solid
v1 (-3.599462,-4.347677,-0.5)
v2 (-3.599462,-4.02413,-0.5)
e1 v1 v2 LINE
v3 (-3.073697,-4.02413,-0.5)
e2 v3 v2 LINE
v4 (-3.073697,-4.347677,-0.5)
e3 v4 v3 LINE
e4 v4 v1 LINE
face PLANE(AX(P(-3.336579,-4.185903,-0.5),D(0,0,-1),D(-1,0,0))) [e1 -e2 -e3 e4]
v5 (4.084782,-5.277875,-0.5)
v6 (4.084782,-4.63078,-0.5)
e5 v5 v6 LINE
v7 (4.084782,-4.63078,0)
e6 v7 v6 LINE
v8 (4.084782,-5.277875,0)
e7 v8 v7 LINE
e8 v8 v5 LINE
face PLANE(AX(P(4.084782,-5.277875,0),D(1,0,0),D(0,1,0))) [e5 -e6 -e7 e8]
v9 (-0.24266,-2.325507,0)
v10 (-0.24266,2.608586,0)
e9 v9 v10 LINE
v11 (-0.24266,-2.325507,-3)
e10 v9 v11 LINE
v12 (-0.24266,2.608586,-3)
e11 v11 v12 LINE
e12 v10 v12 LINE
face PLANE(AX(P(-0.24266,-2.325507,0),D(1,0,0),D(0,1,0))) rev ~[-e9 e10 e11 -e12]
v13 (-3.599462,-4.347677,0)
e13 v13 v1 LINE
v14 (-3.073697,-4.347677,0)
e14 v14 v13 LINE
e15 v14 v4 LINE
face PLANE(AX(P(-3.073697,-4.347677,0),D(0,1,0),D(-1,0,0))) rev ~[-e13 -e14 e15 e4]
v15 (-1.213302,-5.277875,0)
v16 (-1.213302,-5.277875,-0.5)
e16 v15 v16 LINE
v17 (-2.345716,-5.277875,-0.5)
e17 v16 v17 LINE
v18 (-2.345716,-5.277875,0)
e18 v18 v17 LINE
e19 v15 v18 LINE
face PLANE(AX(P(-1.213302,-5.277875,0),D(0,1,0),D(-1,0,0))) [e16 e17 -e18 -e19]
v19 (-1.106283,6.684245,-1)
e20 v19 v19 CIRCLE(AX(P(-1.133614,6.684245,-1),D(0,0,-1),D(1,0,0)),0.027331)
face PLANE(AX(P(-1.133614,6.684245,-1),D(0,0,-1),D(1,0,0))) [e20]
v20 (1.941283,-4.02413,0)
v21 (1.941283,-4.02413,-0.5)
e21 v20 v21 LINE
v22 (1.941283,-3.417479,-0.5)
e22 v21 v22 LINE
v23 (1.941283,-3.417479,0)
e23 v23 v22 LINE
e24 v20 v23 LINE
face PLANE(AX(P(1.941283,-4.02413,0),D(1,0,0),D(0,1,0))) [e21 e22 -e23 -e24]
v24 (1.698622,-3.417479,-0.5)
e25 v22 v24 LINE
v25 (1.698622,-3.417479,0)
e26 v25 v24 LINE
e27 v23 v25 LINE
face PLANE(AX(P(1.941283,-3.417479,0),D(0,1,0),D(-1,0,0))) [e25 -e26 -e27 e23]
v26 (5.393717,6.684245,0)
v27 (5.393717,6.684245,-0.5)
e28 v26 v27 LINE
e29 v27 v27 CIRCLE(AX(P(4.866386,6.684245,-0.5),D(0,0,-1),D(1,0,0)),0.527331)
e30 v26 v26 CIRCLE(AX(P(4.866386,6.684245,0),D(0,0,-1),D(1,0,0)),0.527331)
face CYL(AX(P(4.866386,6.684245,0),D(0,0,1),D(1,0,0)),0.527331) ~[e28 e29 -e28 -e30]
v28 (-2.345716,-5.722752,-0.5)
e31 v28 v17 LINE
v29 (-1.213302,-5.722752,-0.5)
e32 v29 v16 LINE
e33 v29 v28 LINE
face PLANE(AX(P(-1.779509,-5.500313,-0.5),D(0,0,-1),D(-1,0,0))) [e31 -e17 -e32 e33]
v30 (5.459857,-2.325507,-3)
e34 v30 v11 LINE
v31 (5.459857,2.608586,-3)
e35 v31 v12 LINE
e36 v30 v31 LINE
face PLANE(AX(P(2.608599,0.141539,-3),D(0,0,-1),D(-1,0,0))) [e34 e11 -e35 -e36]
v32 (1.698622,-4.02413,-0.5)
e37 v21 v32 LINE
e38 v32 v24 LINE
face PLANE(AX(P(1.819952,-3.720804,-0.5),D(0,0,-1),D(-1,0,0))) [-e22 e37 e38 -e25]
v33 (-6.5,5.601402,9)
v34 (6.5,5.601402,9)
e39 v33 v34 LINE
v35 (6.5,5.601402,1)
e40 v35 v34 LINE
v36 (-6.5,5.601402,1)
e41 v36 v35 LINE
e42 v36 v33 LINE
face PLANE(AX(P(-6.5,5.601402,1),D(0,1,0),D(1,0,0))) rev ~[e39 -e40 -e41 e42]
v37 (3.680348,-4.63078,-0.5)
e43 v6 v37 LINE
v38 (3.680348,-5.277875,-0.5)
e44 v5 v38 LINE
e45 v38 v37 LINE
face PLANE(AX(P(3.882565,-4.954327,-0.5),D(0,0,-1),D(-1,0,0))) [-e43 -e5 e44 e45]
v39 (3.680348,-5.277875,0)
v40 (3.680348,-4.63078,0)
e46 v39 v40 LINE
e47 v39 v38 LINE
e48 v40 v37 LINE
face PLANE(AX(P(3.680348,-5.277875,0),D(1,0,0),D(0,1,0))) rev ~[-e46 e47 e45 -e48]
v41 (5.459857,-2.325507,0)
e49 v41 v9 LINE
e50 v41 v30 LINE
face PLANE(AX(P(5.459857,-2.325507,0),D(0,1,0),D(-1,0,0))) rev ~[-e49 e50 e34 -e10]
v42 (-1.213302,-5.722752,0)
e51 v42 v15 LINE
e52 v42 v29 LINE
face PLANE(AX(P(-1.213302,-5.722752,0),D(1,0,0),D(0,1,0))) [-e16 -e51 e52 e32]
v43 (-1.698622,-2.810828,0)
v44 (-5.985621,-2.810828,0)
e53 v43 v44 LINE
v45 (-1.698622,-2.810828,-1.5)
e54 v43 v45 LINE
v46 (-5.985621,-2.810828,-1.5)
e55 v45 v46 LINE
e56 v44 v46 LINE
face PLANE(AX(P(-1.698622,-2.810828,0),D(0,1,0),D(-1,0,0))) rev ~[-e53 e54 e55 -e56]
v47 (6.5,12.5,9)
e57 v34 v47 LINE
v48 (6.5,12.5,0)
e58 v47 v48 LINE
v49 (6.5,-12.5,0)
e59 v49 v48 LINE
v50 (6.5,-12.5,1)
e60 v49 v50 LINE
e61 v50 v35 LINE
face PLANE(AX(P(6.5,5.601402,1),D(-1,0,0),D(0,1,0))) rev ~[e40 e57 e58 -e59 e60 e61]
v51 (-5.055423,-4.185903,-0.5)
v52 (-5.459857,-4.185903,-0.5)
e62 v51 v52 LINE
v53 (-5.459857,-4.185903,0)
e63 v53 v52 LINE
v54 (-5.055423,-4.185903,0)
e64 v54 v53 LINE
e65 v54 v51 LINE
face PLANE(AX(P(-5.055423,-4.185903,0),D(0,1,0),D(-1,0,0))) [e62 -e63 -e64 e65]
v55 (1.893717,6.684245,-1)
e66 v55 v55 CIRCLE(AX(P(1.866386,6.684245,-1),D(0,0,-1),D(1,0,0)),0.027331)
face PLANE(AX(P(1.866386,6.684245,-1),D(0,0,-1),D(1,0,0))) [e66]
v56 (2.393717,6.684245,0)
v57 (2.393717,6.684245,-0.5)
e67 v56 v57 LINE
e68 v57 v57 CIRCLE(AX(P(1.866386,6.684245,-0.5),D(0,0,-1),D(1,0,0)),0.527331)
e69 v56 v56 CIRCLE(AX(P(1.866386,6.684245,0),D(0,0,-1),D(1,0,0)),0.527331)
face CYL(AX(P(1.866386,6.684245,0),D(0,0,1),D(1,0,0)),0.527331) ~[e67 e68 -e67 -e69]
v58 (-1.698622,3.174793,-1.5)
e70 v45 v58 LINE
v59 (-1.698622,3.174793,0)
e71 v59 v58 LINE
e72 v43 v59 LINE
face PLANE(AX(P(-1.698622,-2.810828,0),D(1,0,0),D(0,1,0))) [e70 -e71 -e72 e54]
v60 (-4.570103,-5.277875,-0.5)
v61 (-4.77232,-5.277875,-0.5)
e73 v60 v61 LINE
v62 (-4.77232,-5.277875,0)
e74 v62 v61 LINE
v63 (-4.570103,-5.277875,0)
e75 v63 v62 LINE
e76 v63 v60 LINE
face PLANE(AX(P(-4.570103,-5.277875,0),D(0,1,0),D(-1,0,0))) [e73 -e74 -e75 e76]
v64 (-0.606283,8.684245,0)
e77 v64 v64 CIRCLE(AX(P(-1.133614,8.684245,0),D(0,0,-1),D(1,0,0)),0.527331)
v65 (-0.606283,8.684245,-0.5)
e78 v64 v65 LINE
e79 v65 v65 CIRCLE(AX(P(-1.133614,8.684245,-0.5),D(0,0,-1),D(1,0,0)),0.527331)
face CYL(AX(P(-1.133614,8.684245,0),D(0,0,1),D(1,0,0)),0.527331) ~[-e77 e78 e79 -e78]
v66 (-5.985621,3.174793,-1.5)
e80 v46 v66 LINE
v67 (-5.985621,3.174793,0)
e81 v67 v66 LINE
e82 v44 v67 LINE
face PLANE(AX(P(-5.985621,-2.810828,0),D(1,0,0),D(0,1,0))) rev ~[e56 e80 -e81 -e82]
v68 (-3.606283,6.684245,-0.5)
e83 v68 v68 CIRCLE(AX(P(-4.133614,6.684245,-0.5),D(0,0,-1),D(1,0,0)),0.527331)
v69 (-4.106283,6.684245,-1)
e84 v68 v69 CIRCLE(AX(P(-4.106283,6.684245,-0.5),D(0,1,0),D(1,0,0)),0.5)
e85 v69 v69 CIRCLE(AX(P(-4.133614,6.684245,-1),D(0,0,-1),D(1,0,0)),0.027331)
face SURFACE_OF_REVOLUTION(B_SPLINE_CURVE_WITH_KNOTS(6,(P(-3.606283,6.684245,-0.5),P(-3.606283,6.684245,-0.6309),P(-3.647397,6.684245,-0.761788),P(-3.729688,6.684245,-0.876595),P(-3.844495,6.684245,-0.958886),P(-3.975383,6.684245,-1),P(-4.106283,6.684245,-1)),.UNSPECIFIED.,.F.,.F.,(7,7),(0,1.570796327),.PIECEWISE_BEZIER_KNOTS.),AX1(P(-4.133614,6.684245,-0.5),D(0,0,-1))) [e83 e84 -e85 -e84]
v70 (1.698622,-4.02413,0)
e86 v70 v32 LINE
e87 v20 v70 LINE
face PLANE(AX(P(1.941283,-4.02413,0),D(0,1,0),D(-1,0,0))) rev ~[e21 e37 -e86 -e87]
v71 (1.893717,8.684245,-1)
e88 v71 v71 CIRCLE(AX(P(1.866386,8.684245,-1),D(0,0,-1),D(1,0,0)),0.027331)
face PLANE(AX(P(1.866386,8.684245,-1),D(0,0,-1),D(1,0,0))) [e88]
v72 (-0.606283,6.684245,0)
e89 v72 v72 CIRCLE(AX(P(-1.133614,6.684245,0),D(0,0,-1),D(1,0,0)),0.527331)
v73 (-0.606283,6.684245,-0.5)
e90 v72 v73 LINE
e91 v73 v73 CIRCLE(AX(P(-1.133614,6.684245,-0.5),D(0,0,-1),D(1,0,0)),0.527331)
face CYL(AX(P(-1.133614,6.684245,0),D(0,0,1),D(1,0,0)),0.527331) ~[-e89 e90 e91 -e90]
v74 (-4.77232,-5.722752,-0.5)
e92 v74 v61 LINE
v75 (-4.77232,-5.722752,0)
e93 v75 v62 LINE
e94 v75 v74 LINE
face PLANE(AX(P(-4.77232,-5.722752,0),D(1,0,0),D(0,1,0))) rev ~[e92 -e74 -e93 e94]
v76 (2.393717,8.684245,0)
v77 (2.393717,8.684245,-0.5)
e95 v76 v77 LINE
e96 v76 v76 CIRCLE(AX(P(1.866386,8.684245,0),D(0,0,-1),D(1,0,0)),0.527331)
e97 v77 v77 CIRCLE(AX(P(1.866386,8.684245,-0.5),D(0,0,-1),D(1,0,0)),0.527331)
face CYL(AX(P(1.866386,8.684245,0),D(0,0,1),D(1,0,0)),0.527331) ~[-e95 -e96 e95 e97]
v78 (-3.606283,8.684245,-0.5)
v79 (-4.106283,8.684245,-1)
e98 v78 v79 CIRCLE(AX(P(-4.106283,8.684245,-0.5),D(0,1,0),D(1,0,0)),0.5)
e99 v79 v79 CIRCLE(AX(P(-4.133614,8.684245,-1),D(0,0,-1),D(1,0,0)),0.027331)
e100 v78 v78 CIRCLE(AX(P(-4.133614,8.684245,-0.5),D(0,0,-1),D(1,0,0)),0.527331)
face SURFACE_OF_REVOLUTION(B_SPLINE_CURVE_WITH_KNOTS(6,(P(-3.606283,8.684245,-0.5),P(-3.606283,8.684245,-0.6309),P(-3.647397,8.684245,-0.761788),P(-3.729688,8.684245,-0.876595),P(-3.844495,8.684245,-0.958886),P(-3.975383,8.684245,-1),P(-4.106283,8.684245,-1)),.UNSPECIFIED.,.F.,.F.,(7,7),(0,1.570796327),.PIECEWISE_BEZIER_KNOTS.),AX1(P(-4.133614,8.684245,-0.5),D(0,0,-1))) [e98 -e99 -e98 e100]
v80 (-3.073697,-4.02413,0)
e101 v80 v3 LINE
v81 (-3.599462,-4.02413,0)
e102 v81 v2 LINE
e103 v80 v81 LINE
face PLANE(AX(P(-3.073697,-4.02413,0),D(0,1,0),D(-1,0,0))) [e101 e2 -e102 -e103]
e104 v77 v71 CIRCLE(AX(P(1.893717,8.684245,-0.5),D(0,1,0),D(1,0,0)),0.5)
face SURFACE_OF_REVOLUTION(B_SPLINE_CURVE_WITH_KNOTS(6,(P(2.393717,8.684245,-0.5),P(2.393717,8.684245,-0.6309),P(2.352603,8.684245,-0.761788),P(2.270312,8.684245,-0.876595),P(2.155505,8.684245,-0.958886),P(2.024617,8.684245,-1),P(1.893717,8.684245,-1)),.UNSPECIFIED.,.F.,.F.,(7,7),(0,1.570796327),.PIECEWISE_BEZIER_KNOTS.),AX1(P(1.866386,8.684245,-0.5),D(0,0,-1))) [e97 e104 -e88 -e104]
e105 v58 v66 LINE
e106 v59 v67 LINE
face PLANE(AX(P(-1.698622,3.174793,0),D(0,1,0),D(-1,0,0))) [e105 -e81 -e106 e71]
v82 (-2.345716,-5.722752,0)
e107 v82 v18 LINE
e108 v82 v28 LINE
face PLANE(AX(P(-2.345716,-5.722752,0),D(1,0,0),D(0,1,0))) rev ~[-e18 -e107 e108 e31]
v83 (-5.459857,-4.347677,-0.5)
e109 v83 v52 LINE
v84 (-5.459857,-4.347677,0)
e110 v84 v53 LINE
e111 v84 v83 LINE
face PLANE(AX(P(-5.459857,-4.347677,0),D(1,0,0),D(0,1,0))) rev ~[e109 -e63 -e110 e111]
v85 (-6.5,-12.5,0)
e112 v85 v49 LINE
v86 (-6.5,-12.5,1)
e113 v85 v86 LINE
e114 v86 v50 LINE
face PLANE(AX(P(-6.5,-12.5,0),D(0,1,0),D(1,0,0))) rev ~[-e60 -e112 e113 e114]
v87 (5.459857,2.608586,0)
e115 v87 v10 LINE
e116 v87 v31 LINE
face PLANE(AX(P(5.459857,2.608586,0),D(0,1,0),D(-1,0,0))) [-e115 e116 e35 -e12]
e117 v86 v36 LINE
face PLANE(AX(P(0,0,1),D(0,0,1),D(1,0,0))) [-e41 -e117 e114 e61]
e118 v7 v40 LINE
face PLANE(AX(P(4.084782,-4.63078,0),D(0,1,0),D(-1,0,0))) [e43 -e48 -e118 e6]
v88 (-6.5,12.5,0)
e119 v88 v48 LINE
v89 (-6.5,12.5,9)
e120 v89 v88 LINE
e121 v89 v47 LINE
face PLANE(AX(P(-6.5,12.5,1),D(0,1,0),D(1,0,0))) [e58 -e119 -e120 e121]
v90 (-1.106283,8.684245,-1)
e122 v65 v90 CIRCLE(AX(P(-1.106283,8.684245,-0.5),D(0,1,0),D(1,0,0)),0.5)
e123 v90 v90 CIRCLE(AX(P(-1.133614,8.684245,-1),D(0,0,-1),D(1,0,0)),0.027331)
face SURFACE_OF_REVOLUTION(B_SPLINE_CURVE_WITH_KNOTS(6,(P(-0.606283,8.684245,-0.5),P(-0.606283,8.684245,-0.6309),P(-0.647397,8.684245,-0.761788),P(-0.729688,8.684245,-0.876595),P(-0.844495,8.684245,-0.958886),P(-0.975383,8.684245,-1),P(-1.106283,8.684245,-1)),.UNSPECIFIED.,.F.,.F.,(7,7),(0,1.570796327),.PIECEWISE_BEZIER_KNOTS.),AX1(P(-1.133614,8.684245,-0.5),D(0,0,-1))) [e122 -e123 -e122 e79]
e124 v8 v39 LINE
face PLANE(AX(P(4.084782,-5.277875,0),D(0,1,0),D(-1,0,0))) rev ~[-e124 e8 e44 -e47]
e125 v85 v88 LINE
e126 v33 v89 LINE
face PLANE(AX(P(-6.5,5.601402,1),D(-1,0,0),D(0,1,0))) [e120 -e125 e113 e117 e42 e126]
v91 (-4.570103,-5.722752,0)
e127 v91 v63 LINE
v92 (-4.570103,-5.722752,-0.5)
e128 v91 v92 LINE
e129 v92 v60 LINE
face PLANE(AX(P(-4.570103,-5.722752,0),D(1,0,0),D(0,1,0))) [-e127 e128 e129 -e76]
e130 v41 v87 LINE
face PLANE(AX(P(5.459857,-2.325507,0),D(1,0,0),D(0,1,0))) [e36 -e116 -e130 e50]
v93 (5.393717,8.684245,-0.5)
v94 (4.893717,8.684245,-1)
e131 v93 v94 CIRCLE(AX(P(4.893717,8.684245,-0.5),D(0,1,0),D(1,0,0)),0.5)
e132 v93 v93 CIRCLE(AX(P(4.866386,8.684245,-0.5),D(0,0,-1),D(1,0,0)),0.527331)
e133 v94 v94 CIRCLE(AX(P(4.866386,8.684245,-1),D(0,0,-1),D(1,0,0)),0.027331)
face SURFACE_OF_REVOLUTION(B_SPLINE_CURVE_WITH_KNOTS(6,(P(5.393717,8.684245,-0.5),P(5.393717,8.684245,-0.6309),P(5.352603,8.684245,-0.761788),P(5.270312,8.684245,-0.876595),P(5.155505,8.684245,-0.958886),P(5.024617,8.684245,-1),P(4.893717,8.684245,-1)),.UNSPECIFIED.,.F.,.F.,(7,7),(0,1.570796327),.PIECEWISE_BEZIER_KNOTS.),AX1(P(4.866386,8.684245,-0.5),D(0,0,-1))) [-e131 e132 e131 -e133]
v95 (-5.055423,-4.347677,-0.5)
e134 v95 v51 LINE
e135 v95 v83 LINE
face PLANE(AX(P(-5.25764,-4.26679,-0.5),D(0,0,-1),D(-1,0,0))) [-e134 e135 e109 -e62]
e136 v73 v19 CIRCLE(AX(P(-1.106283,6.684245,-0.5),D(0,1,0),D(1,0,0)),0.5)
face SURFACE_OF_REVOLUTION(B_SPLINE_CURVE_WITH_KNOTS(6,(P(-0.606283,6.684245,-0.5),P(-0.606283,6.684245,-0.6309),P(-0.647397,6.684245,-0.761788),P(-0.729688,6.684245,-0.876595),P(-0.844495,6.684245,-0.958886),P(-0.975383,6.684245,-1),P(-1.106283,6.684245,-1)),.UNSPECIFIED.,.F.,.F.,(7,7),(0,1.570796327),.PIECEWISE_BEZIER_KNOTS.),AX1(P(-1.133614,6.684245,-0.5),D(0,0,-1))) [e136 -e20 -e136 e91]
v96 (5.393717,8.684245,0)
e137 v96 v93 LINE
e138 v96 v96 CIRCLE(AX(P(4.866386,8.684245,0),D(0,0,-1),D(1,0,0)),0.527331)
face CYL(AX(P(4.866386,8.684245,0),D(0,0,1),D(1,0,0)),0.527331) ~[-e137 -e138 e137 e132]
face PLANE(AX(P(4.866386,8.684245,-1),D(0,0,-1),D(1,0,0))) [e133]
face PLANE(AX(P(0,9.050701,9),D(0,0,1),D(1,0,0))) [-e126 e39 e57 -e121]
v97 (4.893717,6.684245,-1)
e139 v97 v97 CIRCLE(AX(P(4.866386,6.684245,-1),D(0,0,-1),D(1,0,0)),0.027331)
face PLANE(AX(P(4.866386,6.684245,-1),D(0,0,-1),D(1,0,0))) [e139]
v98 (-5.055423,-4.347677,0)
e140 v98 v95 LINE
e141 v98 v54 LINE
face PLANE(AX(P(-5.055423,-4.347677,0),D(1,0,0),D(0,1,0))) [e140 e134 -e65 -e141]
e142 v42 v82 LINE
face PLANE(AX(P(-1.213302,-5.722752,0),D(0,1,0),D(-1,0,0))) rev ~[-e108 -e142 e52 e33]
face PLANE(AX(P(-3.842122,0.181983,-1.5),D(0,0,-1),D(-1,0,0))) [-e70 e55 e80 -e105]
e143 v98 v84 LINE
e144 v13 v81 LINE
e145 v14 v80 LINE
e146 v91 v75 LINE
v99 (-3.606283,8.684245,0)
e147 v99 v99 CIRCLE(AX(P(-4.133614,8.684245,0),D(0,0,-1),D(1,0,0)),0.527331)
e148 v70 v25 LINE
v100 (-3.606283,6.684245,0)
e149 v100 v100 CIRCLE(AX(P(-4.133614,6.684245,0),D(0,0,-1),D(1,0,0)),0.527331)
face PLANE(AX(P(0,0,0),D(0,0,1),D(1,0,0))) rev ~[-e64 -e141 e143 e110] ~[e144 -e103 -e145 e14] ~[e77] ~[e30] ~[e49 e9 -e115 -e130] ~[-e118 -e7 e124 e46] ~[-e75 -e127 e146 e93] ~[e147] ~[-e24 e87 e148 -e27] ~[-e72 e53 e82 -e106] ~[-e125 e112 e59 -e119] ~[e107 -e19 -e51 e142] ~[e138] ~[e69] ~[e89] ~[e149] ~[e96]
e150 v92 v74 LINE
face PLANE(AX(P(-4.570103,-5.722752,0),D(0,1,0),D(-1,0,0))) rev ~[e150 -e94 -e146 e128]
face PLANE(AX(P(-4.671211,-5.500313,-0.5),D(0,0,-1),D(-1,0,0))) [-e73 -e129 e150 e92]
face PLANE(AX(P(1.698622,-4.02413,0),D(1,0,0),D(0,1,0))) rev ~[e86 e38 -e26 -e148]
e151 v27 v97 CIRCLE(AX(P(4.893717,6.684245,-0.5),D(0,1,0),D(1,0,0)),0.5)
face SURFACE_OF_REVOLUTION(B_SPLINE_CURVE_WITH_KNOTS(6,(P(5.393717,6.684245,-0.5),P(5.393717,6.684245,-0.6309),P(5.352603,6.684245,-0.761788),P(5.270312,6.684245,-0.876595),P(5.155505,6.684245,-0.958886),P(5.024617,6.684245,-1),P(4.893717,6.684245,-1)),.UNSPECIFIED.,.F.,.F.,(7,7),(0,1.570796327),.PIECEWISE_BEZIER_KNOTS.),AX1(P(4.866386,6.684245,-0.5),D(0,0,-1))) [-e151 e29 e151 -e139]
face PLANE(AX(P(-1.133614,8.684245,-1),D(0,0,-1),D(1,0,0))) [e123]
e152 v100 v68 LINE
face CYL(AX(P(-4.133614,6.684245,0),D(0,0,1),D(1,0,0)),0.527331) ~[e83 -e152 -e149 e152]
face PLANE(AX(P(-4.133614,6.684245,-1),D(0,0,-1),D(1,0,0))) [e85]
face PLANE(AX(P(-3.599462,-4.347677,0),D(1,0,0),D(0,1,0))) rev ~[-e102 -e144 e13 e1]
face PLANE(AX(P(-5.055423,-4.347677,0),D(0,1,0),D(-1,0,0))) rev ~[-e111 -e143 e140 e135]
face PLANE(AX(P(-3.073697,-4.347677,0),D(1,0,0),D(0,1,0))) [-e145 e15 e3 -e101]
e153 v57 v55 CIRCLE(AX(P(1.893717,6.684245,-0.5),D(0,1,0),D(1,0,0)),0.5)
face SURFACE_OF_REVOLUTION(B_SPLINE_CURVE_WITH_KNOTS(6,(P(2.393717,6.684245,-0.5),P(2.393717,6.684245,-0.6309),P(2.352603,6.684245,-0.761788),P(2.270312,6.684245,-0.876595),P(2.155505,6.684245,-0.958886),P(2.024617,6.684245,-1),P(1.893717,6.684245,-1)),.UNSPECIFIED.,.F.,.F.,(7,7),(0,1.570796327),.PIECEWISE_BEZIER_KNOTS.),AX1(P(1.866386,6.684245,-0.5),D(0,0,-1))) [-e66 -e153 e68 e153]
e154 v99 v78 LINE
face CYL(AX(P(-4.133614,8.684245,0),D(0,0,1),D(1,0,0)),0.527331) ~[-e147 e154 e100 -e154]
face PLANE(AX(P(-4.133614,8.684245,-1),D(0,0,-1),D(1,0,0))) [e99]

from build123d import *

# Parameters (mm, degrees)
SKETCH_1_W      = 13
SKETCH_1_H      = 25
EXTRUDE_1_DEPTH = 1
SKETCH_2_W      = 13
SKETCH_2_H      = 6.898597806
EXTRUDE_2_DEPTH = 8
SKETCH_3_R      = 0.52733121
EXTRUDE_3_DEPTH = 1
FILLET_3_R      = 0.5
FILLET_4_R      = 0.5
SKETCH_4_W      = 5.702517664
SKETCH_4_H      = 4.934093298
EXTRUDE_4_DEPTH = 3
SKETCH_5_W      = 4.286999095
SKETCH_5_H      = 5.985621379
EXTRUDE_5_DEPTH = 1.5
SKETCH_6_W      = 0.52576404
SKETCH_6_H      = 0.323547102
SKETCH_6_W_2    = 0.202216939
SKETCH_6_H_2    = 0.444877264
SKETCH_6_W_3    = 0.404433876
SKETCH_6_H_3    = 0.161773551
SKETCH_6_W_4    = 1.132414855
SKETCH_6_W_5    = 0.404433877
SKETCH_6_H_4    = 0.647094203
SKETCH_6_W_6    = 0.242660326
SKETCH_6_H_5    = 0.606650815
EXTRUDE_6_DEPTH = 0.5


with BuildPart() as part:
    # 草图1 → 凸台-拉伸1 (new body)
    with BuildSketch(Plane.XY):
        Rectangle(SKETCH_1_W, SKETCH_1_H)
    extrude(amount=EXTRUDE_1_DEPTH)

    # 草图2 → 凸台-拉伸2 (add)
    with BuildSketch(Plane.XY.offset(1)):
        with Locations((0, 9.050701097)):
            Rectangle(SKETCH_2_W, SKETCH_2_H)
    extrude(amount=EXTRUDE_2_DEPTH)

    # 草图3 → 凸台-拉伸3 (add)
    with BuildSketch(Plane(origin=(0, 0, 0), x_dir=(-1, 0, 0), z_dir=(0, 0, -1))):
        with Locations(Location((-4.86638581, 8.684245234, 0), (0, 0, 180))):
            Circle(SKETCH_3_R)
        with Locations(Location((-1.86638581, 8.684245234, 0), (0, 0, 180))):
            Circle(SKETCH_3_R)
        with Locations(Location((1.13361419, 8.684245234, 0), (0, 0, 180))):
            Circle(SKETCH_3_R)
        with Locations(Location((4.13361419, 8.684245234, 0), (0, 0, 180))):
            Circle(SKETCH_3_R)
        with Locations(Location((-1.86638581, 6.684245234, 0), (0, 0, 180))):
            Circle(SKETCH_3_R)
        with Locations(Location((1.13361419, 6.684245234, 0), (0, 0, 180))):
            Circle(SKETCH_3_R)
        with Locations(Location((4.13361419, 6.684245234, 0), (0, 0, 180))):
            Circle(SKETCH_3_R)
        with Locations(Location((-4.86638581, 6.684245234, 0), (0, 0, 180))):
            Circle(SKETCH_3_R)
    extrude(amount=EXTRUDE_3_DEPTH)

    # 圆角3
    fillet_3_edges = [part.edges().sort_by_distance(p)[0] for p in [
        (4.3390546, 8.684245234, -1),
    ]]
    fillet(fillet_3_edges, radius=FILLET_3_R)

    # 圆角4
    fillet_4_edges = [part.edges().sort_by_distance(p)[0] for p in [
        (1.3390546, 8.684245234, -1),
        (-1.6609454, 8.684245234, -1),
        (-4.6609454, 8.684245234, -1),
        (1.3390546, 6.684245234, -1),
        (-1.6609454, 6.684245234, -1),
        (-4.6609454, 6.684245234, -1),
        (4.3390546, 6.684245234, -1),
    ]]
    fillet(fillet_4_edges, radius=FILLET_4_R)

    # 草图4 → 凸台-拉伸4 (add)
    with BuildSketch(Plane(origin=(0, 0, 0), x_dir=(-1, 0, 0), z_dir=(0, 0, -1))):
        with Locations((-2.608598506, 0.141539357)):
            Rectangle(SKETCH_4_W, SKETCH_4_H)
    extrude(amount=EXTRUDE_4_DEPTH)

    # 草图5 → 凸台-拉伸5 (add)
    with BuildSketch(Plane(origin=(0, 0, 0), x_dir=(-1, 0, 0), z_dir=(0, 0, -1))):
        with Locations((3.842121831, 0.181982744)):
            Rectangle(SKETCH_5_W, SKETCH_5_H)
    extrude(amount=EXTRUDE_5_DEPTH)

    # 草图6 → 凸台-拉伸6 (add)
    with BuildSketch(Plane(origin=(0, 0, 0), x_dir=(-1, 0, 0), z_dir=(0, 0, -1))):
        with Locations((3.336579485, -4.185903126)):
            Rectangle(SKETCH_6_W, SKETCH_6_H)
        with Locations((4.671211279, -5.500313226)):
            Rectangle(SKETCH_6_W_2, SKETCH_6_H_2)
        with Locations((5.2576404, -4.266789902)):
            Rectangle(SKETCH_6_W_3, SKETCH_6_H_3)
        with Locations((1.779509058, -5.500313226)):
            Rectangle(SKETCH_6_W_4, SKETCH_6_H_2)
        with Locations((-3.882565218, -4.954327493)):
            Rectangle(SKETCH_6_W_5, SKETCH_6_H_4)
        with Locations((-1.819952446, -3.720804167)):
            Rectangle(SKETCH_6_W_6, SKETCH_6_H_5)
    extrude(amount=EXTRUDE_6_DEPTH)


solid = part.part
